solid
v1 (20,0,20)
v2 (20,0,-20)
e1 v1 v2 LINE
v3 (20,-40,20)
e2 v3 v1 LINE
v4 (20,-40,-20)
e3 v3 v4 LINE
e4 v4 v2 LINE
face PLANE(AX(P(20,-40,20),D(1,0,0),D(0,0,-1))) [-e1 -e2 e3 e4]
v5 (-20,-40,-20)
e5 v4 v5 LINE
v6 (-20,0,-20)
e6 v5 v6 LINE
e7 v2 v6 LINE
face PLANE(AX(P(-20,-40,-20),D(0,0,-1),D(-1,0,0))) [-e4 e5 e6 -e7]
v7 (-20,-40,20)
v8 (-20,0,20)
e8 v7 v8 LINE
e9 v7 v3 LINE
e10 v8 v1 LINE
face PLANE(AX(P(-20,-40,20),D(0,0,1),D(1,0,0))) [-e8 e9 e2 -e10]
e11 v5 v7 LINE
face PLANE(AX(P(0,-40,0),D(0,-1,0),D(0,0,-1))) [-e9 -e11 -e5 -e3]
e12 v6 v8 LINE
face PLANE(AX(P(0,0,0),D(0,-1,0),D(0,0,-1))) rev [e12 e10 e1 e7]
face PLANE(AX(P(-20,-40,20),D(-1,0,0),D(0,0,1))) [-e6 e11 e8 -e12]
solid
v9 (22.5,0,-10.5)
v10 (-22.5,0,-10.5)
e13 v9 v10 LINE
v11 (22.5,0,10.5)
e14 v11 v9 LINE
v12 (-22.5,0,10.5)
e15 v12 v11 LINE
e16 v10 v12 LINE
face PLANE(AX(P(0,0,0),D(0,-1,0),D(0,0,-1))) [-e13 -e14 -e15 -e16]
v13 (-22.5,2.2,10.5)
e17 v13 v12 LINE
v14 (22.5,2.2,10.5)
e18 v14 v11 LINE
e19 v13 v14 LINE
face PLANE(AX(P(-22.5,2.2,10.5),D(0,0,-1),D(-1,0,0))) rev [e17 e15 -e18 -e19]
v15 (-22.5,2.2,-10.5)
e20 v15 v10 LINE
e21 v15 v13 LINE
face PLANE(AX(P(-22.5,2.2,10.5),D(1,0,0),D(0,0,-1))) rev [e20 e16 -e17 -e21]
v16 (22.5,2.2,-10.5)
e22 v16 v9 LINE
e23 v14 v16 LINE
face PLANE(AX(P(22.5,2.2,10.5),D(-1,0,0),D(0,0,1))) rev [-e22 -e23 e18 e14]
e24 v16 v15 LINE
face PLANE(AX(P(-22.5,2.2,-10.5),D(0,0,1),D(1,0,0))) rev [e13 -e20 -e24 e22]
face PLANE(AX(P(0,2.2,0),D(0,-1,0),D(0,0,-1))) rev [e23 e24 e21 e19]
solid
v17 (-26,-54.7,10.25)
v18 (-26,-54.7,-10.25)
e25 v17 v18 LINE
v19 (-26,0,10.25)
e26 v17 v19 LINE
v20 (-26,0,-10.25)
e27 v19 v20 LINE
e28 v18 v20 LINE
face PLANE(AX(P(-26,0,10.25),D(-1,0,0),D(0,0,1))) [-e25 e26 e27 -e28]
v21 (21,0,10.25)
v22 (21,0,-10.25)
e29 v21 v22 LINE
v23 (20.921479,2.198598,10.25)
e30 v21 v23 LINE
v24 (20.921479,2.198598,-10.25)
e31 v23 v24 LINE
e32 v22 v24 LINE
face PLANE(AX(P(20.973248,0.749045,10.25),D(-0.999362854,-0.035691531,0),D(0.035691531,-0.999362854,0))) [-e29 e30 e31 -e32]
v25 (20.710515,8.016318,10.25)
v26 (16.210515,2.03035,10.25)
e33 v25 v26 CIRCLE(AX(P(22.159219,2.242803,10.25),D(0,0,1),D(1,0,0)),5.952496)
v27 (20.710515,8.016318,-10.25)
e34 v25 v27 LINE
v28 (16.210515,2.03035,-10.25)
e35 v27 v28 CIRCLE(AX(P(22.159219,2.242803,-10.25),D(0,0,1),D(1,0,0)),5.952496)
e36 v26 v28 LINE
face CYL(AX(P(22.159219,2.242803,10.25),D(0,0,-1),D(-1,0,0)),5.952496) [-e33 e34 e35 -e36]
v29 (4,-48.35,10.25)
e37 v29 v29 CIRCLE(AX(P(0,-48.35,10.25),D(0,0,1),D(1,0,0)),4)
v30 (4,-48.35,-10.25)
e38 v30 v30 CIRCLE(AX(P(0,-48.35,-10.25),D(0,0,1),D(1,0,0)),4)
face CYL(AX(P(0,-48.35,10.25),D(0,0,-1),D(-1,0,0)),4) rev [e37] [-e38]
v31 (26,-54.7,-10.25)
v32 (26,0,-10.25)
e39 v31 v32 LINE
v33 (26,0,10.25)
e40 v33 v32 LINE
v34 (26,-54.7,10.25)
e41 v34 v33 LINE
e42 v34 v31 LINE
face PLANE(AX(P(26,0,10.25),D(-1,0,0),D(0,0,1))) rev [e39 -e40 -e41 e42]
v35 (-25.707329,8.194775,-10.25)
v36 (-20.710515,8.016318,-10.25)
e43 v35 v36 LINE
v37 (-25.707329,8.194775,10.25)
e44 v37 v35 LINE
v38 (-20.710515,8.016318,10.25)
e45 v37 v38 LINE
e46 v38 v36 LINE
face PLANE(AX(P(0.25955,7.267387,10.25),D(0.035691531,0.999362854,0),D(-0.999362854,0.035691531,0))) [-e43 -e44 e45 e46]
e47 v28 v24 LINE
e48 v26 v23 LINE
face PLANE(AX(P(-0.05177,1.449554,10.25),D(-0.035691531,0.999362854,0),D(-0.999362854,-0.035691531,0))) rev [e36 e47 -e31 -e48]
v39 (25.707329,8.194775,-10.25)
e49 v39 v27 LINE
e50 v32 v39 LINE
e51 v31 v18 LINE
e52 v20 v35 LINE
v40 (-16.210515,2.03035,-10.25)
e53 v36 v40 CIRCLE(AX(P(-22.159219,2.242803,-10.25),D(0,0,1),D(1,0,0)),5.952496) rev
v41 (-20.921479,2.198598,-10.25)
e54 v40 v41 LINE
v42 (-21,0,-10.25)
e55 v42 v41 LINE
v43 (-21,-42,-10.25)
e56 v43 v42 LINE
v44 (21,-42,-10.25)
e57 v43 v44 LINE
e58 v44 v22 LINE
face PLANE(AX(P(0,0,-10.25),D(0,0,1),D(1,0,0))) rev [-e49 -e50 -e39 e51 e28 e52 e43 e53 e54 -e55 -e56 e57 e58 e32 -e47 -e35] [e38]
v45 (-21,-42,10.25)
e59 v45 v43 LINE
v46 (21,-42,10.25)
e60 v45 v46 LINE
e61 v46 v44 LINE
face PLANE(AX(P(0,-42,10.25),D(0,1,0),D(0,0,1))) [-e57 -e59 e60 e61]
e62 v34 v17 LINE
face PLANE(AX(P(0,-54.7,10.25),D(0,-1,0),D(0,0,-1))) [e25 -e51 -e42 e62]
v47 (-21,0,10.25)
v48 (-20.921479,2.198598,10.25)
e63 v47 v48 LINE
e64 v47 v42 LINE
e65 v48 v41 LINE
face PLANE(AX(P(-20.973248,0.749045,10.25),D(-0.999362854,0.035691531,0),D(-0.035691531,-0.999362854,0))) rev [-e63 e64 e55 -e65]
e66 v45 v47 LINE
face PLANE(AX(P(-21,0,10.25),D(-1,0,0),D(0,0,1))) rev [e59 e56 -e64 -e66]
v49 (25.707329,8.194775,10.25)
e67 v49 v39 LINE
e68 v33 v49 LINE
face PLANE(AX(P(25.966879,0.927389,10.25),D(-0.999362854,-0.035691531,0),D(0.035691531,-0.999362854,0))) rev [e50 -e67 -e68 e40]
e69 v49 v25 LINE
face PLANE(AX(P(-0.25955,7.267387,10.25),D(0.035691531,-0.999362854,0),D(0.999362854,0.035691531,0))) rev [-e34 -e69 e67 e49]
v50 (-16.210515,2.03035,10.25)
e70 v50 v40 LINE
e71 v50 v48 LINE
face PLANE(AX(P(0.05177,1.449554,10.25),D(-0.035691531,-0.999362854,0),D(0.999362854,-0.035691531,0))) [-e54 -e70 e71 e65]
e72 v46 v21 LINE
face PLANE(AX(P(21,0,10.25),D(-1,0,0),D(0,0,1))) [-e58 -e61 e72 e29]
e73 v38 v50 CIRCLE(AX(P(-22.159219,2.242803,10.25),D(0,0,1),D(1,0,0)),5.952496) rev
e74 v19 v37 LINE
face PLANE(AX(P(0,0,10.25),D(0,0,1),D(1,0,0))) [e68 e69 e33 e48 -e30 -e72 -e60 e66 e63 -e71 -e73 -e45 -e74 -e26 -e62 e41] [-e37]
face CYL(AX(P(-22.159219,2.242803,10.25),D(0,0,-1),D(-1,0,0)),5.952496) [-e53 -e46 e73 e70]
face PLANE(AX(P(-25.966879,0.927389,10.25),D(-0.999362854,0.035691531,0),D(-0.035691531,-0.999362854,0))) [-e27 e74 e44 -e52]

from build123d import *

# Parameters (mm, degrees)
SKETCH1_W                            = 45
SKETCH1_H                            = 21
BOSS_EXTRUDE1_DEPTH                  = 2.2
SKETCH2_W                            = 40
SKETCH2_H                            = 40
BOSS_EXTRUDE2_DEPTH                  = 40
SKETCH3_W                            = 42
SKETCH3_H                            = 12.7
SKETCH3_R                            = 4
SNAPFIT_42MM_SPACING_5MM_WIDTH_DEPTH = 10.25


with BuildPart() as part:
    # Sketch1 → Boss-Extrude1 (new body)
    with BuildSketch(Plane(origin=(0, 0, 0), x_dir=(1, 0, 0), z_dir=(0, 1, 0))):
        Rectangle(SKETCH1_W, SKETCH1_H)
    extrude(amount=BOSS_EXTRUDE1_DEPTH)


with BuildPart() as body_2:
    # Sketch2 → Boss-Extrude2 (new body)
    with BuildSketch(Plane(origin=(0, 0, 0), x_dir=(1, 0, 0), z_dir=(0, 1, 0))):
        Rectangle(SKETCH2_W, SKETCH2_H)
    extrude(amount=-BOSS_EXTRUDE2_DEPTH)


with BuildPart() as body_3:
    # Sketch3 → SnapFit-42mm_spacing-5mm_width (new, symmetric)
    # profile 1 of 3: a face of its own
    with BuildSketch(Plane.XY):
        with Locations((0, -48.35)):
            Rectangle(SKETCH3_W, SKETCH3_H)
        with Locations((0, -48.35)):
            Circle(SKETCH3_R, mode=Mode.SUBTRACT)
    # profile 2 of 3: a face of its own
    with BuildSketch(Plane.XY):
        with BuildLine():
            Line((-26, -54.7), (-21, -54.7))
            Line((-21, -54.7), (-21, -42))
            Line((-21, -42), (-21, 0))
            Line((-21, 0), (-20.921478633, 2.19859828))
            Line((-20.921478633, 2.19859828), (-16.210515178, 2.030349585))
            ThreePointArc((-16.210515178, 2.030349585), (-17.401240008, 5.819652348), (-20.710515178, 8.016317753))
            Line((-20.710515178, 8.016317753), (-25.70732945, 8.194775406))
            Line((-25.70732945, 8.194775406), (-26, 0))
            Line((-26, 0), (-26, -54.7))
        make_face()
    # profile 3 of 3: a face of its own
    with BuildSketch(Plane.XY):
        with BuildLine():
            Line((21, -42), (21, -54.7))
            Line((21, -54.7), (26, -54.7))
            Line((26, -54.7), (26, 0))
            Line((26, 0), (25.70732945, 8.194775406))
            Line((25.70732945, 8.194775406), (20.710515178, 8.016317753))
            ThreePointArc((20.710515178, 8.016317753), (17.401240008, 5.819652348), (16.210515178, 2.030349585))
            Line((16.210515178, 2.030349585), (20.921478633, 2.19859828))
            Line((20.921478633, 2.19859828), (21, 0))
            Line((21, 0), (21, -42))
        make_face()
    extrude(amount=SNAPFIT_42MM_SPACING_5MM_WIDTH_DEPTH, both=True)


solid = Compound([part.part, body_2.part, body_3.part])
